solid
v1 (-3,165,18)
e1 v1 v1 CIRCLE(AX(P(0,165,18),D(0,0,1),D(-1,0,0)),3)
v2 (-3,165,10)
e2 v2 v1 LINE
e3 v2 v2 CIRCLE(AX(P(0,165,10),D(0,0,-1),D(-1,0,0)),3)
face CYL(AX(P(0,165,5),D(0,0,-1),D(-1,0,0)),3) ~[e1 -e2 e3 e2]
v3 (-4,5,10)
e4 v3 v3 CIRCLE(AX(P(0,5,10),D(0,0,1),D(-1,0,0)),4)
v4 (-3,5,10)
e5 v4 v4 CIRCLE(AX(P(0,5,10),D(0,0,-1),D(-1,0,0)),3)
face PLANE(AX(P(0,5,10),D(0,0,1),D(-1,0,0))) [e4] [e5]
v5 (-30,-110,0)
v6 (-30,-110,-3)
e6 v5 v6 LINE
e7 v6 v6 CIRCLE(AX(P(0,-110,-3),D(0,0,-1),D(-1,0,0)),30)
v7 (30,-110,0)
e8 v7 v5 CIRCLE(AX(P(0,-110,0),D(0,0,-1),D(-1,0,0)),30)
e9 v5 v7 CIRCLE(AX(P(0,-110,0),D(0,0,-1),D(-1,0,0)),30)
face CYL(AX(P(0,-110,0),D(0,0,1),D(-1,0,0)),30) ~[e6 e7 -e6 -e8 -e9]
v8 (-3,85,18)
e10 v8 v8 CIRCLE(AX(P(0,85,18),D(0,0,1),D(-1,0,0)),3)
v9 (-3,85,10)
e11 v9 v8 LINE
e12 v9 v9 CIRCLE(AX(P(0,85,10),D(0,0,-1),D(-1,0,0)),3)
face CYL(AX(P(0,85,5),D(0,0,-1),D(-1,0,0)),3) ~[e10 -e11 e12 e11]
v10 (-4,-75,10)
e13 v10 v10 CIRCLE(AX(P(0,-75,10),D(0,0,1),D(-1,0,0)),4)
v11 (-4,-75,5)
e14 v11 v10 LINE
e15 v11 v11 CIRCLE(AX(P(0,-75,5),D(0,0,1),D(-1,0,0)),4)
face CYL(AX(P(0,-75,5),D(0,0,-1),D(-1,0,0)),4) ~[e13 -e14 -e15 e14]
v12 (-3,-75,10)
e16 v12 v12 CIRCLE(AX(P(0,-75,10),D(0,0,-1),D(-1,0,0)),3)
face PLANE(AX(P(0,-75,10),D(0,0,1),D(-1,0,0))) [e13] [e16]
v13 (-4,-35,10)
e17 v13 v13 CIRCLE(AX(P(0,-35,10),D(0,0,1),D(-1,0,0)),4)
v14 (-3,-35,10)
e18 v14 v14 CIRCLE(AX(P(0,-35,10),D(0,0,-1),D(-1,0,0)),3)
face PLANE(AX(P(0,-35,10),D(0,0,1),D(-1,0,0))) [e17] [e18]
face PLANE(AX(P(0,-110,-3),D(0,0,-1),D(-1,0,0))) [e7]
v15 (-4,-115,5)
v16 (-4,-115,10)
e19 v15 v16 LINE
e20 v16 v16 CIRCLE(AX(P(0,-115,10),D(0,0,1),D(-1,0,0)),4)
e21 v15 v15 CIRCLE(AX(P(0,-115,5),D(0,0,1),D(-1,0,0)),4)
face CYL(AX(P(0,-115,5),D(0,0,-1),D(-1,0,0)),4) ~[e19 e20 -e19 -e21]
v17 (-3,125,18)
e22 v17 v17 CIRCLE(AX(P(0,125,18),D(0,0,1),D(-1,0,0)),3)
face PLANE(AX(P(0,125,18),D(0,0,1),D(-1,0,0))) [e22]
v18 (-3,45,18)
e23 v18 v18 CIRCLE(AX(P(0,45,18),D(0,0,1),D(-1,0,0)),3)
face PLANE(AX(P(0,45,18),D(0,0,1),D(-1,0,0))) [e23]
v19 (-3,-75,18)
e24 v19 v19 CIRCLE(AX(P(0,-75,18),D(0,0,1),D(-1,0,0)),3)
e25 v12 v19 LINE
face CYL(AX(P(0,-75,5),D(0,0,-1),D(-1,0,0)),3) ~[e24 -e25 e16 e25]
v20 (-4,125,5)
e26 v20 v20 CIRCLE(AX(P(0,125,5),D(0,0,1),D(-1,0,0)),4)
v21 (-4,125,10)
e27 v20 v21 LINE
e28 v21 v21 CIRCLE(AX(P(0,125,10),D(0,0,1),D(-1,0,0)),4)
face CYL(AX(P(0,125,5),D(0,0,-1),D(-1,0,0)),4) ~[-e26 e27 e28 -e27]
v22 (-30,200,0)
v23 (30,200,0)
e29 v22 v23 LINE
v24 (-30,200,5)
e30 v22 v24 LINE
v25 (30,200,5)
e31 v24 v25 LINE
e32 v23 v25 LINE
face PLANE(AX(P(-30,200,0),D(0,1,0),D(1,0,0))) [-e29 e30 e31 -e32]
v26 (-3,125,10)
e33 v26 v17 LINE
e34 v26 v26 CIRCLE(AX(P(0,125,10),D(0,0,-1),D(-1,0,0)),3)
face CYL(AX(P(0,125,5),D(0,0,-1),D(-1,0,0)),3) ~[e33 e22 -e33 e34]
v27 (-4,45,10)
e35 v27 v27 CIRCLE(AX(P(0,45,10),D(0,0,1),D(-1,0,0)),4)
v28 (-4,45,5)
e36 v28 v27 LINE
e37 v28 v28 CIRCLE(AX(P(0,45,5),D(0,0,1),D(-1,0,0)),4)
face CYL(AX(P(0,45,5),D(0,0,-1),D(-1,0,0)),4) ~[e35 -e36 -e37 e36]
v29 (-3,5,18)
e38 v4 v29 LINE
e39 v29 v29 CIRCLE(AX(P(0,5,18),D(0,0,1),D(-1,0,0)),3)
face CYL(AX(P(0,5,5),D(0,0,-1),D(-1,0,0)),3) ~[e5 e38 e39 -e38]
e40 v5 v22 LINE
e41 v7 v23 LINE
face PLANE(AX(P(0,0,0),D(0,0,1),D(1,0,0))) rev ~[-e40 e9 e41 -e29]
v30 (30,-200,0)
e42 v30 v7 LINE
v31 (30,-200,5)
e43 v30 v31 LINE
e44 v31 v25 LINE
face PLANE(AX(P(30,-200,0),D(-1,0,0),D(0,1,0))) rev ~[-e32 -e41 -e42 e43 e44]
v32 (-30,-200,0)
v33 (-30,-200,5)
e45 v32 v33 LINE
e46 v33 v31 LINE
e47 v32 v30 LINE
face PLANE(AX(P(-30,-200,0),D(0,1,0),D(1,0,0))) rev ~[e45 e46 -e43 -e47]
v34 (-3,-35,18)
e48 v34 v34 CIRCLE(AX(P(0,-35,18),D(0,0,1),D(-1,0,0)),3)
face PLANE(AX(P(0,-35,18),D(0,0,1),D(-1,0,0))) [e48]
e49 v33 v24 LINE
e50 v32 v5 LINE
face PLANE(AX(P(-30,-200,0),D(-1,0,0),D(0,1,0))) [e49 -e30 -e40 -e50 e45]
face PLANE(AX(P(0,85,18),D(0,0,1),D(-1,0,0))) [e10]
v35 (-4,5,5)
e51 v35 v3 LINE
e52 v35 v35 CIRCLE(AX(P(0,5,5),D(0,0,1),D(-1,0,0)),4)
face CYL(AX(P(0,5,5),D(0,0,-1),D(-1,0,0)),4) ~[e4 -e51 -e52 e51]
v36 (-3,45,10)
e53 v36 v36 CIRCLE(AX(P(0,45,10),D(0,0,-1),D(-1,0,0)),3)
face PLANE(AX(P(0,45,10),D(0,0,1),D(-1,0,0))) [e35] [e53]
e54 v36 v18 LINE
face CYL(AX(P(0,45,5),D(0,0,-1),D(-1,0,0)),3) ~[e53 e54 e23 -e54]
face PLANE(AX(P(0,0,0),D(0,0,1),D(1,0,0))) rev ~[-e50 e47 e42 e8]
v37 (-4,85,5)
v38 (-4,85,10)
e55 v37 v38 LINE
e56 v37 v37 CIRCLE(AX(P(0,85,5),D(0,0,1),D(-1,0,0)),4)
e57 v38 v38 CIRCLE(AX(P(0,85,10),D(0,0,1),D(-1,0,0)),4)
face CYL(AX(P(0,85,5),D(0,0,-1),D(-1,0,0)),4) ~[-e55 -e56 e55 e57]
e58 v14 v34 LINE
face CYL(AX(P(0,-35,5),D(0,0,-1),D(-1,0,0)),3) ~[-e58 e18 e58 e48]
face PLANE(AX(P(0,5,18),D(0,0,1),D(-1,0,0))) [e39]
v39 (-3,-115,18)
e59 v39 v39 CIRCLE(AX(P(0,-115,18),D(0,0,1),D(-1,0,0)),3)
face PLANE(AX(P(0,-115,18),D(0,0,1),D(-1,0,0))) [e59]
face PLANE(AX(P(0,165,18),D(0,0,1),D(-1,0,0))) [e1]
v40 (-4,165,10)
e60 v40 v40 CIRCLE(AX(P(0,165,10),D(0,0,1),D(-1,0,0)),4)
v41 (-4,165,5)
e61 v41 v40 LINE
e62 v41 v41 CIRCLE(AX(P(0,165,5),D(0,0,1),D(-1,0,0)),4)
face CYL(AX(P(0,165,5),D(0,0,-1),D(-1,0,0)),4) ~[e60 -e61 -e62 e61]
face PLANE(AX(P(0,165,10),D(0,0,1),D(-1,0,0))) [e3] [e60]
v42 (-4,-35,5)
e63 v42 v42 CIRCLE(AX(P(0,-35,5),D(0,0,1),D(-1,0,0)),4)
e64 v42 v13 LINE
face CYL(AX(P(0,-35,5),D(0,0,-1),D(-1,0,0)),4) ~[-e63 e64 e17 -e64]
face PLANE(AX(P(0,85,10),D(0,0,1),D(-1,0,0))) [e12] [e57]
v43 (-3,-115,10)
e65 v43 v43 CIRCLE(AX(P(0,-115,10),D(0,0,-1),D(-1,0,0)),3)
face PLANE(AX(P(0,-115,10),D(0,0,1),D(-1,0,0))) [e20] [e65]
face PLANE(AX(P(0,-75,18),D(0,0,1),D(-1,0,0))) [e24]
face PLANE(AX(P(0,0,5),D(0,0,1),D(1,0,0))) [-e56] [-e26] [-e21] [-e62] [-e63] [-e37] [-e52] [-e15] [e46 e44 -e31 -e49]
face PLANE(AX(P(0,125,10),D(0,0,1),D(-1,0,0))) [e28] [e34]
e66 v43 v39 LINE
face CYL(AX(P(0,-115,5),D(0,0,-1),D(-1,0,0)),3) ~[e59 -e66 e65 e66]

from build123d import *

# Parameters (mm, degrees)
SKETCH1_W           = 60
SKETCH1_H           = 400
BOSS_EXTRUDE1_DEPTH = 5
SKETCH2_R           = 30
BOSS_EXTRUDE2_DEPTH = 3
SKETCH3_R           = 3
BOSS_EXTRUDE3_DEPTH = 13
SKETCH4_R           = 4
BOSS_EXTRUDE4_DEPTH = 5
LPATTERN1_COUNT     = 8
LPATTERN1_PITCH     = 40


with BuildPart() as part:
    # Sketch1 → Boss-Extrude1 (new body)
    with BuildSketch(Plane.XY):
        Rectangle(SKETCH1_W, SKETCH1_H)
    extrude(amount=BOSS_EXTRUDE1_DEPTH)

    # Sketch2 → Boss-Extrude2 (add)
    with BuildSketch(Plane(origin=(0, 0, 0), x_dir=(-1, 0, 0), z_dir=(0, 0, -1))):
        with Locations((0, -110)):
            Circle(SKETCH2_R)
    extrude(amount=BOSS_EXTRUDE2_DEPTH)

    # Sketch3 → Boss-Extrude3 (add)
    with BuildSketch(Plane.XY.offset(5)):
        with Locations(Location((0, 165, 0), (0, 0, 180))):
            Circle(SKETCH3_R)
    boss_extrude3 = extrude(amount=BOSS_EXTRUDE3_DEPTH)

    # Sketch4 → Boss-Extrude4 (add)
    with BuildSketch(Plane.XY.offset(5)):
        with Locations(Location((0, 165, 0), (0, 0, 180))):
            Circle(SKETCH4_R)
    boss_extrude4 = extrude(amount=BOSS_EXTRUDE4_DEPTH)

    # LPattern1: Boss-Extrude3, Boss-Extrude4 ×8
    with Locations(*[(0, -i * LPATTERN1_PITCH, 0) for i in range(1, LPATTERN1_COUNT)]):
        add(boss_extrude3)
        add(boss_extrude4)


solid = part.part
